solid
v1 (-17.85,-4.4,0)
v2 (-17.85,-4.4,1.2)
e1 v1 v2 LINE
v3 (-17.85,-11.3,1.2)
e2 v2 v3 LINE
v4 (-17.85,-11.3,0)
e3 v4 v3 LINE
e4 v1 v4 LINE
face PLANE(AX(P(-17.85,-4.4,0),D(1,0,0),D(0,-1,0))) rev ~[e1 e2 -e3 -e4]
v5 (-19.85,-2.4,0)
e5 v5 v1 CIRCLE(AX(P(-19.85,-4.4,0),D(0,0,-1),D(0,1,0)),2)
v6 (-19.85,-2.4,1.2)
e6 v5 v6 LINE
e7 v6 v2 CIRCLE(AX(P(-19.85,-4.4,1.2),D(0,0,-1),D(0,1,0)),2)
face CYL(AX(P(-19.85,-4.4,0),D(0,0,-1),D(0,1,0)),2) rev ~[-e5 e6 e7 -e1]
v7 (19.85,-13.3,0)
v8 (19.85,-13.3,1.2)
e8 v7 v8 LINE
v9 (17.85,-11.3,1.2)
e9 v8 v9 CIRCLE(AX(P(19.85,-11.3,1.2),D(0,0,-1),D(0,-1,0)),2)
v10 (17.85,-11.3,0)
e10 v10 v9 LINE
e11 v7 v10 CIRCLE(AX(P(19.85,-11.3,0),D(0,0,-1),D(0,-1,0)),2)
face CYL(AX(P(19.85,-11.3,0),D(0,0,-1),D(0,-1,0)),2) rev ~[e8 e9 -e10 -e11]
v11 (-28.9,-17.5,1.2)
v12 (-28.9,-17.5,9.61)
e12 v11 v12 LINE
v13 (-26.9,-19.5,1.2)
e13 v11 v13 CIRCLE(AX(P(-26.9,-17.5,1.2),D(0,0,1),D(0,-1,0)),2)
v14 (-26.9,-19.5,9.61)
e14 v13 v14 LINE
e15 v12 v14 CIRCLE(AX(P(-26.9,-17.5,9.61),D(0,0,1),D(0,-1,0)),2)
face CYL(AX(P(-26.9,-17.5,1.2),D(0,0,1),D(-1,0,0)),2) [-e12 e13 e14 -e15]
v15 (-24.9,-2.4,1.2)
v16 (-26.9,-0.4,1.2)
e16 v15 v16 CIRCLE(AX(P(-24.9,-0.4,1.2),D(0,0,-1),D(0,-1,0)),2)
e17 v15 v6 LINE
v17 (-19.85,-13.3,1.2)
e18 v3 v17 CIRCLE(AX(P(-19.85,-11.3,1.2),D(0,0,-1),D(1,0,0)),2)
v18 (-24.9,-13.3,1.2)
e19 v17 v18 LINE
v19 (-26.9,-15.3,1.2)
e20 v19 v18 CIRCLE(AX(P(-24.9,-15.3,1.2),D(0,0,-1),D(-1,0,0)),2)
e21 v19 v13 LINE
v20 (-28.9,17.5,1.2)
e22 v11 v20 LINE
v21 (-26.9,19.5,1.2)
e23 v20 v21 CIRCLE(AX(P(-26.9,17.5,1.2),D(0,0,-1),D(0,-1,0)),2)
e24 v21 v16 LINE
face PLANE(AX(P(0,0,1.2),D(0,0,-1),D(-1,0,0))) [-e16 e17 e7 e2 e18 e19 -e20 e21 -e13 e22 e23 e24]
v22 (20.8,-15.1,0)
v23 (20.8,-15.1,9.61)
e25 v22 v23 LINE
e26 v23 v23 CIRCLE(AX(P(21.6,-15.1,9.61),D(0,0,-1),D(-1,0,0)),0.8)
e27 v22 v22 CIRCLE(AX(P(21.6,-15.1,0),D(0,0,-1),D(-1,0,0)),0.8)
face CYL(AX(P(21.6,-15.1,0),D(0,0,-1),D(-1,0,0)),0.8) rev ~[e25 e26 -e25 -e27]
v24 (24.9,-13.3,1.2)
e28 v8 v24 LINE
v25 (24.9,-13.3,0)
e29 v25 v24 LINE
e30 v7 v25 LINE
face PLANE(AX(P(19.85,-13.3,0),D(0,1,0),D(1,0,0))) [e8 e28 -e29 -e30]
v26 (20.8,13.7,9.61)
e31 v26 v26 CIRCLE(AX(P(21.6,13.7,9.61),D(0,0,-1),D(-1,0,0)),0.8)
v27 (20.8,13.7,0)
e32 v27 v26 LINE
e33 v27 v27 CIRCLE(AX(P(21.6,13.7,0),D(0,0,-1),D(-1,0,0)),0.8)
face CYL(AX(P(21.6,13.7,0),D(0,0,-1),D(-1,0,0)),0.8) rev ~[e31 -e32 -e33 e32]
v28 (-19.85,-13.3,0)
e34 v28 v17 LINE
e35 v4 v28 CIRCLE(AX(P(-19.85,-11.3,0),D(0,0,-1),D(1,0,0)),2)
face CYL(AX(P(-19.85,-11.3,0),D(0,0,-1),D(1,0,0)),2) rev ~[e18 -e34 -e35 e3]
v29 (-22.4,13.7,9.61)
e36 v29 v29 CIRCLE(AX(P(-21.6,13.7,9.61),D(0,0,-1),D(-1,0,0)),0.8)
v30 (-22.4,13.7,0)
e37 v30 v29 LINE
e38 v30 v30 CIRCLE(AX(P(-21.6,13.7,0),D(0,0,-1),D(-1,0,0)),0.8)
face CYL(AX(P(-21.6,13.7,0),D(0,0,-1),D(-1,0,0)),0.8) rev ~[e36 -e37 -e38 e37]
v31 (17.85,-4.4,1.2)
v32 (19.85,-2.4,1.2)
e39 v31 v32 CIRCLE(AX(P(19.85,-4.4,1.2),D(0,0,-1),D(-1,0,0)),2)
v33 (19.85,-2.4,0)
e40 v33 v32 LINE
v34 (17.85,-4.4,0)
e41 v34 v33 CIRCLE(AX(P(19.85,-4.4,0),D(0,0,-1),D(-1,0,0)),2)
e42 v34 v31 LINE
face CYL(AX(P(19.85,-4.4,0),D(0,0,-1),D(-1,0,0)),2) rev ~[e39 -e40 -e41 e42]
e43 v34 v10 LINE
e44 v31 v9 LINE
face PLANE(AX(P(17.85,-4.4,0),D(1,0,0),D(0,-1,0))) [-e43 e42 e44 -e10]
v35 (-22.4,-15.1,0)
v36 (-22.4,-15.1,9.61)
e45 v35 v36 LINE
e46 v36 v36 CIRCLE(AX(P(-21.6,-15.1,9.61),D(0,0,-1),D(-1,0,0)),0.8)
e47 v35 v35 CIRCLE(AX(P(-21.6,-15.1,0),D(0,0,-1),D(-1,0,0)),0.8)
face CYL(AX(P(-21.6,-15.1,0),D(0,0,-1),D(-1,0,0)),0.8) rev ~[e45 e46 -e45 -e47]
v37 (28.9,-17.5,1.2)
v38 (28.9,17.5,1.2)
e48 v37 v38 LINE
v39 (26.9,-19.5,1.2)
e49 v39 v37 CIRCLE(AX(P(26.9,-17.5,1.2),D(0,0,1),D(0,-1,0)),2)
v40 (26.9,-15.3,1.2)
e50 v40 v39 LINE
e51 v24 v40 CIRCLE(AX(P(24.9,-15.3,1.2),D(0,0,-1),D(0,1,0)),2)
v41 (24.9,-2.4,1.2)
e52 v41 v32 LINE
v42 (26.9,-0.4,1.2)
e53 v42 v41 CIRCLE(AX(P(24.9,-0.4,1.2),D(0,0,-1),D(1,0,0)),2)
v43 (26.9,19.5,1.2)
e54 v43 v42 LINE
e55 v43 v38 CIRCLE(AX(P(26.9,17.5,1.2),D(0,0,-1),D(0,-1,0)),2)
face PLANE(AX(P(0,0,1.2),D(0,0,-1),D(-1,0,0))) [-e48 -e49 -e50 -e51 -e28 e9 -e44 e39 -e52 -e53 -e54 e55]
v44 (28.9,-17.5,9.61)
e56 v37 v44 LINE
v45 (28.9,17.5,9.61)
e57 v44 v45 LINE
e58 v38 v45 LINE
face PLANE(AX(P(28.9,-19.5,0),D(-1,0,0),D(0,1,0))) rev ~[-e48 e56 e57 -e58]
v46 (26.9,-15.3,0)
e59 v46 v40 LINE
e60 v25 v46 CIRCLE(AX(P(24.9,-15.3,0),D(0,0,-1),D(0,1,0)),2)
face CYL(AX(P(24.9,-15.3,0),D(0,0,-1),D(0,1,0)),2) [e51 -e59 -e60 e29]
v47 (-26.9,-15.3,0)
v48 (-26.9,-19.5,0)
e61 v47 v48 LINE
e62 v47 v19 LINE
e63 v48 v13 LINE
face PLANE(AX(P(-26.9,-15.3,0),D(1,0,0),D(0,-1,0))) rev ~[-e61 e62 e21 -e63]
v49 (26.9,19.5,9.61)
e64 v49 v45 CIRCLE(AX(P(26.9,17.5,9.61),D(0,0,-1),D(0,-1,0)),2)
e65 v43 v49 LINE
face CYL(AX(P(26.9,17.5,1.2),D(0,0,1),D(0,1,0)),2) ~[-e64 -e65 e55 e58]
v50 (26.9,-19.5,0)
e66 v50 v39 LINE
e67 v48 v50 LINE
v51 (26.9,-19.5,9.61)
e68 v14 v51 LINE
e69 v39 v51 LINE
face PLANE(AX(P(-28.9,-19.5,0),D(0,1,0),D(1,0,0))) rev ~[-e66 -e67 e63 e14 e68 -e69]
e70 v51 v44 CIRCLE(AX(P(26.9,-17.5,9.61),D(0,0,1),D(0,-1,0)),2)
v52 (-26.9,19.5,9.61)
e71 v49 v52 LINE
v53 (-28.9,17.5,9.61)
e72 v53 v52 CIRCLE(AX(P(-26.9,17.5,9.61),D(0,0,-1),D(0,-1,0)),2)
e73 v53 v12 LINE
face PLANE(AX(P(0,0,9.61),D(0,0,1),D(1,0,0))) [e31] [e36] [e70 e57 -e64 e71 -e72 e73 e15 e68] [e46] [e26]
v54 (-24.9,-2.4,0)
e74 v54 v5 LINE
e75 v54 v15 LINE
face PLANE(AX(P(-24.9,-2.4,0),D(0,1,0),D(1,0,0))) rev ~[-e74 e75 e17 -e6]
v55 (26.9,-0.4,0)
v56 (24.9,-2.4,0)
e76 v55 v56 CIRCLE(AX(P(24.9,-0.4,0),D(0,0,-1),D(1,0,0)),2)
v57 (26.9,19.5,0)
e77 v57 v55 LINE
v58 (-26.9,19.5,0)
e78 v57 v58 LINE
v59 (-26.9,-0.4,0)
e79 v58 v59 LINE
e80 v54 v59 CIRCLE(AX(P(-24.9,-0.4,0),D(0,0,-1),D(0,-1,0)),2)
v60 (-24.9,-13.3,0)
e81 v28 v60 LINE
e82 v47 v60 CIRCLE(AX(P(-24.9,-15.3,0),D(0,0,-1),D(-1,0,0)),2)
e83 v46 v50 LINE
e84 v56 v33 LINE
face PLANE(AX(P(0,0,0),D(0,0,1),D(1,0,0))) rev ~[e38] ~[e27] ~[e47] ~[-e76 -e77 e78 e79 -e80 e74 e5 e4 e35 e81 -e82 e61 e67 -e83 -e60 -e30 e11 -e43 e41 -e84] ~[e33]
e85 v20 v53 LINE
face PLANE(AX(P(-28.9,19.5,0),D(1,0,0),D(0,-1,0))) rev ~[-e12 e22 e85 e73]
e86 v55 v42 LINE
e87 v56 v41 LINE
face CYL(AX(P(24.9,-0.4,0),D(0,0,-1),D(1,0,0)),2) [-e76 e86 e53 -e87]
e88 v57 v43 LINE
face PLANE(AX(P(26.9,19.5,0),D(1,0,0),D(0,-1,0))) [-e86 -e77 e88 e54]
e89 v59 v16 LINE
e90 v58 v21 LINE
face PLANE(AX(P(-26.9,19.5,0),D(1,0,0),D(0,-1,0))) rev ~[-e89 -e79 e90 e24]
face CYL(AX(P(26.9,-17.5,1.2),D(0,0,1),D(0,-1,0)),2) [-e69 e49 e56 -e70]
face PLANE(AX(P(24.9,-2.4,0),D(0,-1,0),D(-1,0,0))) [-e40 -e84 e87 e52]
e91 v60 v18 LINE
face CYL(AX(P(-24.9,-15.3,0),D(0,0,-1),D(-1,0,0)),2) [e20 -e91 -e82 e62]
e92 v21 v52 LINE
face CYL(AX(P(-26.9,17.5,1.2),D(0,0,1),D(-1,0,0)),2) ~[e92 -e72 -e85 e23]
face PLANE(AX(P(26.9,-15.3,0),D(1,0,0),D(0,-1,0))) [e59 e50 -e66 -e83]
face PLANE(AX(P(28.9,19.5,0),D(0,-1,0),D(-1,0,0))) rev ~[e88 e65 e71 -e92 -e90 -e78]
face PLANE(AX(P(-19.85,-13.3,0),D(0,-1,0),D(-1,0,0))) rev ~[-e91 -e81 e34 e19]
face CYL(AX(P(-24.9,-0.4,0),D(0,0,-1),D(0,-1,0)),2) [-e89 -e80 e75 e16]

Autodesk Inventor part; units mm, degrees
ref_plane "YZ Plane" through (0, 0, 0) normal (1, 0, 0) x (0, 1, 0)
ref_plane "XZ Plane" through (0, 0, 0) normal (0, 1, 0) x (-1, 0, 0)
ref_plane "XY Plane" through (0, 0, 0) normal (0, 0, 1) x (1, 0, 0)
sketch "Sketch1" plane through (0, 0, 0) normal (0, 0, 1) x (1, 0, 0)
  line L0 (-28.9, -19.5) -> (28.9, -19.5)
  line L1 (28.9, -19.5) -> (28.9, 19.5)
  line L2 (28.9, 19.5) -> (-28.9, 19.5)
  line L3 (-28.9, 19.5) -> (-28.9, -19.5)
  line L4 (-28.9, -19.5) -> (28.9, 19.5) construction
  line L5 (28.9, -19.5) -> (-28.9, 19.5) construction
  point P0 (0, 0)
  dimension "d0" = 57.8
  dimension "d1" = 39
extrude "Extrusion1" add sketch "Sketch1" along normal blind 9.61
sketch "Sketch2" plane through (0, 0, 0) normal (0, 0, -1) x (-1, 0, 0)
  circle A0 centre (-21.6, -15.1) radius 0.8
  line L0 (55.7735, 0) -> (-51.4211, 0) construction
  line L1 (0, -27.3) -> (0, 27.3) construction
  line L2 (28.9, -19.5) -> (-28.9, -19.5) projected
  line L3 (-28.9, -19.5) -> (-28.9, 19.5) projected
  circle A1 centre (21.6, -15.1) radius 0.8
  line L4 (-36.1076, -0.7) -> (40.46, -0.7) construction
  circle A2 centre (-21.6, 13.7) radius 0.8
  circle A3 centre (21.6, 13.7) radius 0.8
  line L5 (-28.9, 19.5) -> (28.9, 19.5) projected
  point P0 (0, 0)
  dimension "d4" = 1.6
  dimension "d5" = 4.4
  dimension "d6" = 7.3
  dimension "d7" = 5.8
extrude "Extrusion2" cut sketch "Sketch2" against normal through all
sketch "Sketch3" plane through (0, 0, 0) normal (0, 0, -1) x (-1, 0, 0)
  line L0 (-28.9, 19.5) -> (28.9, 19.5) construction
  line L1 (28.9, -19.5) -> (-28.9, -19.5) construction
  line L2 (-28.9, -19.5) -> (-28.9, 19.5) projected
  line L3 (-26.9, 19.5) -> (-26.9, -0.4)
  line L4 (-24.9, -2.4) -> (-19.85, -2.4)
  line L5 (-17.85, -4.4) -> (-17.85, -11.3)
  line L6 (-19.85, -13.3) -> (-24.9, -13.3)
  line L7 (-26.9, -15.3) -> (-26.9, -19.5)
  line L8 (-28.9, 19.5) -> (28.9, 19.5) projected
  line L9 (-26.9, 19.5) -> (-28.9, 19.5)
  line L10 (-28.9, 19.5) -> (-28.9, -19.5)
  arc A0 (-26.9, -0.4) -> (-24.9, -2.4) centre (-24.9, -0.4) ccw
  arc A1 (-17.85, -4.4) -> (-19.85, -2.4) centre (-19.85, -4.4) ccw
  arc A2 (-19.85, -13.3) -> (-17.85, -11.3) centre (-19.85, -11.3) ccw
  arc A3 (-24.9, -13.3) -> (-26.9, -15.3) centre (-24.9, -15.3) ccw
  line L11 (-28.9, 19.5) -> (-26.9, 19.5)
  line L12 (-28.9, -19.5) -> (-28.9, 19.5) projected
  line L13 (-28.9, -19.5) -> (-26.9, -19.5)
  line L14 (0, -27.3) -> (0, 27.3) projected
  line L15 (28.9, -19.5) -> (28.9, 19.5)
  line L16 (26.9, 19.5) -> (26.9, -0.4)
  line L17 (24.9, -2.4) -> (19.85, -2.4)
  line L18 (17.85, -4.4) -> (17.85, -11.3)
  line L19 (19.85, -13.3) -> (24.9, -13.3)
  line L20 (26.9, -15.3) -> (26.9, -19.5)
  line L21 (26.9, 19.5) -> (28.9, 19.5)
  line L22 (28.9, 19.5) -> (28.9, -19.5)
  arc A4 (24.9, -2.4) -> (26.9, -0.4) centre (24.9, -0.4) ccw
  arc A5 (19.85, -2.4) -> (17.85, -4.4) centre (19.85, -4.4) ccw
  arc A6 (17.85, -11.3) -> (19.85, -13.3) centre (19.85, -11.3) ccw
  arc A7 (26.9, -15.3) -> (24.9, -13.3) centre (24.9, -15.3) ccw
  line L23 (28.9, 19.5) -> (26.9, 19.5)
  line L24 (28.9, -19.5) -> (28.9, 19.5)
  line L25 (28.9, -19.5) -> (26.9, -19.5)
  point P0 (0, 0)
  point P1 (-26.9, -13.3)
  point P2 (26.9, -13.3)
  dimension "d10" = 6.2
  dimension "d11" = 21.9
  dimension "d12" = 11.05
  dimension "d13" = 2
  dimension "d14" = 2
extrude "Extrusion3" cut sketch "Sketch3" against normal blind 1.2
fillet "Fillet1" radius 2 4 edges at (-28.9, 19.5, 5.405) (28.9, 19.5, 5.405) (28.9, -19.5, 5.405) (-28.9, -19.5, 5.405)
properties part number "ThermalConductivityBlock_NX"
